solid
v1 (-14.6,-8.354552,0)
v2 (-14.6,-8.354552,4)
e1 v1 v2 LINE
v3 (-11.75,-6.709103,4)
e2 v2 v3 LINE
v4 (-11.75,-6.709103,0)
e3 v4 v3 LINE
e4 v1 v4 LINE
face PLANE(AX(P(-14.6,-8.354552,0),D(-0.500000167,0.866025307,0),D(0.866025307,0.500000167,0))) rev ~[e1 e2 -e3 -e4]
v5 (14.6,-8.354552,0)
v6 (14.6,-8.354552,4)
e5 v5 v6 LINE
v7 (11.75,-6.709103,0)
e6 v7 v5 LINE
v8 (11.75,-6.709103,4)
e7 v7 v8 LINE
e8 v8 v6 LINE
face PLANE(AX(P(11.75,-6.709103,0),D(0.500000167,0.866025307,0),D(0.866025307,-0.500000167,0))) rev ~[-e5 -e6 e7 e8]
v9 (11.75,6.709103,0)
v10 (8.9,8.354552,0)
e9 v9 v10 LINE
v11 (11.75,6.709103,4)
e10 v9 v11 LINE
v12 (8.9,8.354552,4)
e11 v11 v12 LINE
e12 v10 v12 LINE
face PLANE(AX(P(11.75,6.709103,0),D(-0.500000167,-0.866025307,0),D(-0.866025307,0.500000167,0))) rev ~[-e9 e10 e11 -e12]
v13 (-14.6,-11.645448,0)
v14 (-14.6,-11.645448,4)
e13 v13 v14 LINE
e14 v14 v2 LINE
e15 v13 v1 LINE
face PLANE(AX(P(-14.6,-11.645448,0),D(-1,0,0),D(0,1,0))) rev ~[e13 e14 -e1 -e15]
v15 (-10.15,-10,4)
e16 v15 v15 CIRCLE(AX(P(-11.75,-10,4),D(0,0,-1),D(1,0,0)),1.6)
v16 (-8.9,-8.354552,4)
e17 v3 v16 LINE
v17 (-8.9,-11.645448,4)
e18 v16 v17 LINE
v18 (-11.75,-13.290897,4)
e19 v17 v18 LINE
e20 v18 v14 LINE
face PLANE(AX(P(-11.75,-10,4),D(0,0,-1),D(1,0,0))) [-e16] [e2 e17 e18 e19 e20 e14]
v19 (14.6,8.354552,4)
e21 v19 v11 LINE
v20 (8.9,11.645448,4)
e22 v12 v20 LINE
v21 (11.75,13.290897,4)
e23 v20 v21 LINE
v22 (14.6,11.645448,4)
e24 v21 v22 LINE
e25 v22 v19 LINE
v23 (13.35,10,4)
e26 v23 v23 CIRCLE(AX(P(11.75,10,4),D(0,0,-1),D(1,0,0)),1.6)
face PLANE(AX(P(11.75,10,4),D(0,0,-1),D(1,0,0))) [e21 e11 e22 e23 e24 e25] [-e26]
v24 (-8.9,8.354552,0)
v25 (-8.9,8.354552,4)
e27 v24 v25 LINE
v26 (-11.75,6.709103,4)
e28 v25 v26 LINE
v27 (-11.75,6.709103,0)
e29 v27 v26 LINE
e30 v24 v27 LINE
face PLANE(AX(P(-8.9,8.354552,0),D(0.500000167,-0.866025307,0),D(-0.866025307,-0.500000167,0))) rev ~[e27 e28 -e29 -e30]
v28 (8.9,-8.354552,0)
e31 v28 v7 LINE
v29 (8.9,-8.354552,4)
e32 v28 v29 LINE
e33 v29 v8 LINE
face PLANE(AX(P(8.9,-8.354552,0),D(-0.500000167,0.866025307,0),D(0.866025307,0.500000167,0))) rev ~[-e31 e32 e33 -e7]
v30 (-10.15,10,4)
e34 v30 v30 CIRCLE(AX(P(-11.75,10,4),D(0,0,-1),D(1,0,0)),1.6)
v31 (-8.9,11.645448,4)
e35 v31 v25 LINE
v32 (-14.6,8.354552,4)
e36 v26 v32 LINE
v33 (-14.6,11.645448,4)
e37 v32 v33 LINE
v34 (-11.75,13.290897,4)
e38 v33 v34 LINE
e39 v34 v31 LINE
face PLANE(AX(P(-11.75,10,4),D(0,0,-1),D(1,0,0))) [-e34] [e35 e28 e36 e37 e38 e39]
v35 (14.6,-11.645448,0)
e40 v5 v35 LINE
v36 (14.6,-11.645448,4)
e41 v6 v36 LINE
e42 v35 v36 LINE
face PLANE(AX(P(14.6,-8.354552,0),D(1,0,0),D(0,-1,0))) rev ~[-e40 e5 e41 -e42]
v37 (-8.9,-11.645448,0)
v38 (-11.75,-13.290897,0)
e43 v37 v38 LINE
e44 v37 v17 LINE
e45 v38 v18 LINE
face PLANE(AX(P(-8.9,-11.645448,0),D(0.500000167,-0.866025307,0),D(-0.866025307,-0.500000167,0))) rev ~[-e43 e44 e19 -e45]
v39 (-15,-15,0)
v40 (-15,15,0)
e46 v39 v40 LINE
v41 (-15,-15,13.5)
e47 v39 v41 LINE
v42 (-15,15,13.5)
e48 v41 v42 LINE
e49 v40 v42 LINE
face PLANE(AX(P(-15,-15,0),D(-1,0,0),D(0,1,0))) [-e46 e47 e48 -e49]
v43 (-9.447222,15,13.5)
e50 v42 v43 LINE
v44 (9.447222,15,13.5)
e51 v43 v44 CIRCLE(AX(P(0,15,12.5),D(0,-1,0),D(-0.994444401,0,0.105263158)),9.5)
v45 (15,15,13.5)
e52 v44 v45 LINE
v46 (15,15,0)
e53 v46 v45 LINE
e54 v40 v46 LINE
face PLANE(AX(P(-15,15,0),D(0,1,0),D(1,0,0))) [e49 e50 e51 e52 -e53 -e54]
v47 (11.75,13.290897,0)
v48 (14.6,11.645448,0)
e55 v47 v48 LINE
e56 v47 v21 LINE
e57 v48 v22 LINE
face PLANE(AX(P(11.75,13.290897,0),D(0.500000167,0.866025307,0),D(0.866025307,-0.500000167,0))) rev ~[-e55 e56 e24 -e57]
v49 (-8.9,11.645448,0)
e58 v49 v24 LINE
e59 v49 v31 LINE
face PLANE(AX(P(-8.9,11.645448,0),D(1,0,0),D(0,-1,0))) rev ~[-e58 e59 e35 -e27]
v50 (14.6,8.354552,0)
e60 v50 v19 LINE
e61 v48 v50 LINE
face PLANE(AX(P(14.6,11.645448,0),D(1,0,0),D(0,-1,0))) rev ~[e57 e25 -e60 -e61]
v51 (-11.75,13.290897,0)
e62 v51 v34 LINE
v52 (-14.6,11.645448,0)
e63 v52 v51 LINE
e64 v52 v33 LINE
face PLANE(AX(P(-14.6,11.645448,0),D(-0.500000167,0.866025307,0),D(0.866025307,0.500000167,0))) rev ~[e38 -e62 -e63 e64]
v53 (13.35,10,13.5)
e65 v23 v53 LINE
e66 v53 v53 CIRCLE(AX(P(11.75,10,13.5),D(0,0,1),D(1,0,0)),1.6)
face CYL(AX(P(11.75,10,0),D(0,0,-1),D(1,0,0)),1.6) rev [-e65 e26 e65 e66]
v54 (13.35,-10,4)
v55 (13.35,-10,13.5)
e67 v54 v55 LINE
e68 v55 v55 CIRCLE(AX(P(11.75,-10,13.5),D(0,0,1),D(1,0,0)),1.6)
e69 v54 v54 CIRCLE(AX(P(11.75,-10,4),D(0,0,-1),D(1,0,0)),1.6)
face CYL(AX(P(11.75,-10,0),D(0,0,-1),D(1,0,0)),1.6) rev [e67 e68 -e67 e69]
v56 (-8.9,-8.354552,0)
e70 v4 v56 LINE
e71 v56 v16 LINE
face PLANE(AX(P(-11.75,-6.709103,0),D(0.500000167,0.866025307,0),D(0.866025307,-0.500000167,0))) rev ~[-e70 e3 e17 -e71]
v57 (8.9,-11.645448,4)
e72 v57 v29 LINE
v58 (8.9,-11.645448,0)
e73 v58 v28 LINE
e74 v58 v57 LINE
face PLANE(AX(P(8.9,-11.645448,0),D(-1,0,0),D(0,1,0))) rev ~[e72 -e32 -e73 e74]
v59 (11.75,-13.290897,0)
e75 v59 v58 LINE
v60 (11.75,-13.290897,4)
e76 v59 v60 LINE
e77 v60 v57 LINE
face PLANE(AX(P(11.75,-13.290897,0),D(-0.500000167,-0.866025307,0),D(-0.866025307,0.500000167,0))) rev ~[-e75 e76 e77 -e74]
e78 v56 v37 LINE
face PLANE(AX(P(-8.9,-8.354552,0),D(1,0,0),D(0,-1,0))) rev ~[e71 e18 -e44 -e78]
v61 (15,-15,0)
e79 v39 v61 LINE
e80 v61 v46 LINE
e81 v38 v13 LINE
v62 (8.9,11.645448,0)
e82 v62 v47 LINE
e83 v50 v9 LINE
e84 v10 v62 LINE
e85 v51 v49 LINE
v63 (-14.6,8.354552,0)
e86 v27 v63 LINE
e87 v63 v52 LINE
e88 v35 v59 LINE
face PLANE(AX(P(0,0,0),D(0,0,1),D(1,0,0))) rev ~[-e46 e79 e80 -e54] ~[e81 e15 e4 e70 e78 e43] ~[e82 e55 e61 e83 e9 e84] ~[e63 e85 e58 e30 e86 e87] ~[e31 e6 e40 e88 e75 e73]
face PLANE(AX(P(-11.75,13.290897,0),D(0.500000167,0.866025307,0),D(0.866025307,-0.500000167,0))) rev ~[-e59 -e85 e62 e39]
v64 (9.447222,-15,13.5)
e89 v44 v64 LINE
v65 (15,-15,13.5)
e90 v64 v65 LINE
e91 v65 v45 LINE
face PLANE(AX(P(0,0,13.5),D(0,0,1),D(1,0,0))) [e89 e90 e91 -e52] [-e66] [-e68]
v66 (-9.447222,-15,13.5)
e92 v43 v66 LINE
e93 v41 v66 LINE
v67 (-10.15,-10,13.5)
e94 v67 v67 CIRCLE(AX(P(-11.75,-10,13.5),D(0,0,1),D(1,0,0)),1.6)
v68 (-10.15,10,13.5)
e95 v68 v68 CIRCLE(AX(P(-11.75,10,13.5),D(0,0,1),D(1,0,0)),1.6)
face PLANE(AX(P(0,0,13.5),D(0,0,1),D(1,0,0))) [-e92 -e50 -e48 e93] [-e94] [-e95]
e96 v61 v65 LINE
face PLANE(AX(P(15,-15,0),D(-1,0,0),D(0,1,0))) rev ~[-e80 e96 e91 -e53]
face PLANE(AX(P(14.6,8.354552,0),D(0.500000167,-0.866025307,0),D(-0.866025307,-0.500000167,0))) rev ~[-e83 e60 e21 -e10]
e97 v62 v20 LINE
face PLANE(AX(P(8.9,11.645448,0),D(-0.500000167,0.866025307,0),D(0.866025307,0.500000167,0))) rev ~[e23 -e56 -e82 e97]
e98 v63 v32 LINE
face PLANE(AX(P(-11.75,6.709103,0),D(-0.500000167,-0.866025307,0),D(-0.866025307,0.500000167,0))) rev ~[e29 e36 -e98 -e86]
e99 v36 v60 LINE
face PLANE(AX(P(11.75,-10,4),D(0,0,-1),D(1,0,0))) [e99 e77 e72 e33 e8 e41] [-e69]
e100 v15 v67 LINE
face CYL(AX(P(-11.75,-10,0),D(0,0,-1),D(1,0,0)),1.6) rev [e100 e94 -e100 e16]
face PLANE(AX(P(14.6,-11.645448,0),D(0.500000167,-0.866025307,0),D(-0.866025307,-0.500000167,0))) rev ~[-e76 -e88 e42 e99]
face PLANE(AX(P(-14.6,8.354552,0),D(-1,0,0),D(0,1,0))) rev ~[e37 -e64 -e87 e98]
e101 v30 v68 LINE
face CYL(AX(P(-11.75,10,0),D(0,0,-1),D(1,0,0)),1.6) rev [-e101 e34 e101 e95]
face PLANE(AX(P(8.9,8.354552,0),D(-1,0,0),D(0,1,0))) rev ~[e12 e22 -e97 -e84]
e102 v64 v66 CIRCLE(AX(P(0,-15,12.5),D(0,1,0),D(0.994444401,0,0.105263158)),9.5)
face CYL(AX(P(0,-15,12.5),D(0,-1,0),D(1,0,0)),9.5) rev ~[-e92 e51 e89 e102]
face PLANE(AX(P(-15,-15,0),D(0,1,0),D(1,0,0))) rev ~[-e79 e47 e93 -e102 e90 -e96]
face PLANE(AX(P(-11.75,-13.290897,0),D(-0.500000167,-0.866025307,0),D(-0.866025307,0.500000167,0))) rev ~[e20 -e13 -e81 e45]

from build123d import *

# Parameters (mm, degrees)
F0_W     = 30
F0_H     = 30
F0_R     = 1.6
F1_DEPTH = 13.5
F2_R     = 9.5
F3_DEPTH = 30.001
F5_DEPTH = 4


with BuildPart() as f1:
    # F0 (on Top) → F1 (new body)
    with BuildSketch(Plane.XY):
        Rectangle(F0_W, F0_H)
        with Locations((-11.75, -10)):
            Circle(F0_R, mode=Mode.SUBTRACT)
        with Locations((11.75, -10)):
            Circle(F0_R, mode=Mode.SUBTRACT)
        with Locations((-11.75, 10)):
            Circle(F0_R, mode=Mode.SUBTRACT)
        with Locations((11.75, 10)):
            Circle(F0_R, mode=Mode.SUBTRACT)
    extrude(amount=F1_DEPTH)

    # F2 (on face) → F3 (cut, through all)
    with BuildSketch(Plane.XZ.offset(15)):
        with Locations((0, 12.5)):
            Circle(F2_R)
    extrude(amount=-F3_DEPTH, mode=Mode.SUBTRACT)

    # F4 (on face) → F5 (cut)
    with BuildSketch(Plane(origin=(0, 0, 0), x_dir=(1, 0, 0), z_dir=(0, 0, -1))):
        Polygon((-8.9, 8.354552), (-8.9, 11.645448), (-11.75, 13.290897), (-14.6, 11.645448), (-14.6, 8.354552), (-11.75, 6.709103), align=None)
        Polygon((14.6, 11.645448), (11.75, 13.290897), (8.9, 11.645448), (8.9, 8.354552), (11.75, 6.709103), (14.6, 8.354552), align=None)
        Polygon((14.6, -11.645448), (14.6, -8.354552), (11.75, -6.709103), (8.9, -8.354552), (8.9, -11.645448), (11.75, -13.290897), align=None)
        Polygon((-11.75, -13.290897), (-8.9, -11.645448), (-8.9, -8.354552), (-11.75, -6.709103), (-14.6, -8.354552), (-14.6, -11.645448), align=None)
    extrude(amount=-F5_DEPTH, mode=Mode.SUBTRACT)


solid = f1.part
